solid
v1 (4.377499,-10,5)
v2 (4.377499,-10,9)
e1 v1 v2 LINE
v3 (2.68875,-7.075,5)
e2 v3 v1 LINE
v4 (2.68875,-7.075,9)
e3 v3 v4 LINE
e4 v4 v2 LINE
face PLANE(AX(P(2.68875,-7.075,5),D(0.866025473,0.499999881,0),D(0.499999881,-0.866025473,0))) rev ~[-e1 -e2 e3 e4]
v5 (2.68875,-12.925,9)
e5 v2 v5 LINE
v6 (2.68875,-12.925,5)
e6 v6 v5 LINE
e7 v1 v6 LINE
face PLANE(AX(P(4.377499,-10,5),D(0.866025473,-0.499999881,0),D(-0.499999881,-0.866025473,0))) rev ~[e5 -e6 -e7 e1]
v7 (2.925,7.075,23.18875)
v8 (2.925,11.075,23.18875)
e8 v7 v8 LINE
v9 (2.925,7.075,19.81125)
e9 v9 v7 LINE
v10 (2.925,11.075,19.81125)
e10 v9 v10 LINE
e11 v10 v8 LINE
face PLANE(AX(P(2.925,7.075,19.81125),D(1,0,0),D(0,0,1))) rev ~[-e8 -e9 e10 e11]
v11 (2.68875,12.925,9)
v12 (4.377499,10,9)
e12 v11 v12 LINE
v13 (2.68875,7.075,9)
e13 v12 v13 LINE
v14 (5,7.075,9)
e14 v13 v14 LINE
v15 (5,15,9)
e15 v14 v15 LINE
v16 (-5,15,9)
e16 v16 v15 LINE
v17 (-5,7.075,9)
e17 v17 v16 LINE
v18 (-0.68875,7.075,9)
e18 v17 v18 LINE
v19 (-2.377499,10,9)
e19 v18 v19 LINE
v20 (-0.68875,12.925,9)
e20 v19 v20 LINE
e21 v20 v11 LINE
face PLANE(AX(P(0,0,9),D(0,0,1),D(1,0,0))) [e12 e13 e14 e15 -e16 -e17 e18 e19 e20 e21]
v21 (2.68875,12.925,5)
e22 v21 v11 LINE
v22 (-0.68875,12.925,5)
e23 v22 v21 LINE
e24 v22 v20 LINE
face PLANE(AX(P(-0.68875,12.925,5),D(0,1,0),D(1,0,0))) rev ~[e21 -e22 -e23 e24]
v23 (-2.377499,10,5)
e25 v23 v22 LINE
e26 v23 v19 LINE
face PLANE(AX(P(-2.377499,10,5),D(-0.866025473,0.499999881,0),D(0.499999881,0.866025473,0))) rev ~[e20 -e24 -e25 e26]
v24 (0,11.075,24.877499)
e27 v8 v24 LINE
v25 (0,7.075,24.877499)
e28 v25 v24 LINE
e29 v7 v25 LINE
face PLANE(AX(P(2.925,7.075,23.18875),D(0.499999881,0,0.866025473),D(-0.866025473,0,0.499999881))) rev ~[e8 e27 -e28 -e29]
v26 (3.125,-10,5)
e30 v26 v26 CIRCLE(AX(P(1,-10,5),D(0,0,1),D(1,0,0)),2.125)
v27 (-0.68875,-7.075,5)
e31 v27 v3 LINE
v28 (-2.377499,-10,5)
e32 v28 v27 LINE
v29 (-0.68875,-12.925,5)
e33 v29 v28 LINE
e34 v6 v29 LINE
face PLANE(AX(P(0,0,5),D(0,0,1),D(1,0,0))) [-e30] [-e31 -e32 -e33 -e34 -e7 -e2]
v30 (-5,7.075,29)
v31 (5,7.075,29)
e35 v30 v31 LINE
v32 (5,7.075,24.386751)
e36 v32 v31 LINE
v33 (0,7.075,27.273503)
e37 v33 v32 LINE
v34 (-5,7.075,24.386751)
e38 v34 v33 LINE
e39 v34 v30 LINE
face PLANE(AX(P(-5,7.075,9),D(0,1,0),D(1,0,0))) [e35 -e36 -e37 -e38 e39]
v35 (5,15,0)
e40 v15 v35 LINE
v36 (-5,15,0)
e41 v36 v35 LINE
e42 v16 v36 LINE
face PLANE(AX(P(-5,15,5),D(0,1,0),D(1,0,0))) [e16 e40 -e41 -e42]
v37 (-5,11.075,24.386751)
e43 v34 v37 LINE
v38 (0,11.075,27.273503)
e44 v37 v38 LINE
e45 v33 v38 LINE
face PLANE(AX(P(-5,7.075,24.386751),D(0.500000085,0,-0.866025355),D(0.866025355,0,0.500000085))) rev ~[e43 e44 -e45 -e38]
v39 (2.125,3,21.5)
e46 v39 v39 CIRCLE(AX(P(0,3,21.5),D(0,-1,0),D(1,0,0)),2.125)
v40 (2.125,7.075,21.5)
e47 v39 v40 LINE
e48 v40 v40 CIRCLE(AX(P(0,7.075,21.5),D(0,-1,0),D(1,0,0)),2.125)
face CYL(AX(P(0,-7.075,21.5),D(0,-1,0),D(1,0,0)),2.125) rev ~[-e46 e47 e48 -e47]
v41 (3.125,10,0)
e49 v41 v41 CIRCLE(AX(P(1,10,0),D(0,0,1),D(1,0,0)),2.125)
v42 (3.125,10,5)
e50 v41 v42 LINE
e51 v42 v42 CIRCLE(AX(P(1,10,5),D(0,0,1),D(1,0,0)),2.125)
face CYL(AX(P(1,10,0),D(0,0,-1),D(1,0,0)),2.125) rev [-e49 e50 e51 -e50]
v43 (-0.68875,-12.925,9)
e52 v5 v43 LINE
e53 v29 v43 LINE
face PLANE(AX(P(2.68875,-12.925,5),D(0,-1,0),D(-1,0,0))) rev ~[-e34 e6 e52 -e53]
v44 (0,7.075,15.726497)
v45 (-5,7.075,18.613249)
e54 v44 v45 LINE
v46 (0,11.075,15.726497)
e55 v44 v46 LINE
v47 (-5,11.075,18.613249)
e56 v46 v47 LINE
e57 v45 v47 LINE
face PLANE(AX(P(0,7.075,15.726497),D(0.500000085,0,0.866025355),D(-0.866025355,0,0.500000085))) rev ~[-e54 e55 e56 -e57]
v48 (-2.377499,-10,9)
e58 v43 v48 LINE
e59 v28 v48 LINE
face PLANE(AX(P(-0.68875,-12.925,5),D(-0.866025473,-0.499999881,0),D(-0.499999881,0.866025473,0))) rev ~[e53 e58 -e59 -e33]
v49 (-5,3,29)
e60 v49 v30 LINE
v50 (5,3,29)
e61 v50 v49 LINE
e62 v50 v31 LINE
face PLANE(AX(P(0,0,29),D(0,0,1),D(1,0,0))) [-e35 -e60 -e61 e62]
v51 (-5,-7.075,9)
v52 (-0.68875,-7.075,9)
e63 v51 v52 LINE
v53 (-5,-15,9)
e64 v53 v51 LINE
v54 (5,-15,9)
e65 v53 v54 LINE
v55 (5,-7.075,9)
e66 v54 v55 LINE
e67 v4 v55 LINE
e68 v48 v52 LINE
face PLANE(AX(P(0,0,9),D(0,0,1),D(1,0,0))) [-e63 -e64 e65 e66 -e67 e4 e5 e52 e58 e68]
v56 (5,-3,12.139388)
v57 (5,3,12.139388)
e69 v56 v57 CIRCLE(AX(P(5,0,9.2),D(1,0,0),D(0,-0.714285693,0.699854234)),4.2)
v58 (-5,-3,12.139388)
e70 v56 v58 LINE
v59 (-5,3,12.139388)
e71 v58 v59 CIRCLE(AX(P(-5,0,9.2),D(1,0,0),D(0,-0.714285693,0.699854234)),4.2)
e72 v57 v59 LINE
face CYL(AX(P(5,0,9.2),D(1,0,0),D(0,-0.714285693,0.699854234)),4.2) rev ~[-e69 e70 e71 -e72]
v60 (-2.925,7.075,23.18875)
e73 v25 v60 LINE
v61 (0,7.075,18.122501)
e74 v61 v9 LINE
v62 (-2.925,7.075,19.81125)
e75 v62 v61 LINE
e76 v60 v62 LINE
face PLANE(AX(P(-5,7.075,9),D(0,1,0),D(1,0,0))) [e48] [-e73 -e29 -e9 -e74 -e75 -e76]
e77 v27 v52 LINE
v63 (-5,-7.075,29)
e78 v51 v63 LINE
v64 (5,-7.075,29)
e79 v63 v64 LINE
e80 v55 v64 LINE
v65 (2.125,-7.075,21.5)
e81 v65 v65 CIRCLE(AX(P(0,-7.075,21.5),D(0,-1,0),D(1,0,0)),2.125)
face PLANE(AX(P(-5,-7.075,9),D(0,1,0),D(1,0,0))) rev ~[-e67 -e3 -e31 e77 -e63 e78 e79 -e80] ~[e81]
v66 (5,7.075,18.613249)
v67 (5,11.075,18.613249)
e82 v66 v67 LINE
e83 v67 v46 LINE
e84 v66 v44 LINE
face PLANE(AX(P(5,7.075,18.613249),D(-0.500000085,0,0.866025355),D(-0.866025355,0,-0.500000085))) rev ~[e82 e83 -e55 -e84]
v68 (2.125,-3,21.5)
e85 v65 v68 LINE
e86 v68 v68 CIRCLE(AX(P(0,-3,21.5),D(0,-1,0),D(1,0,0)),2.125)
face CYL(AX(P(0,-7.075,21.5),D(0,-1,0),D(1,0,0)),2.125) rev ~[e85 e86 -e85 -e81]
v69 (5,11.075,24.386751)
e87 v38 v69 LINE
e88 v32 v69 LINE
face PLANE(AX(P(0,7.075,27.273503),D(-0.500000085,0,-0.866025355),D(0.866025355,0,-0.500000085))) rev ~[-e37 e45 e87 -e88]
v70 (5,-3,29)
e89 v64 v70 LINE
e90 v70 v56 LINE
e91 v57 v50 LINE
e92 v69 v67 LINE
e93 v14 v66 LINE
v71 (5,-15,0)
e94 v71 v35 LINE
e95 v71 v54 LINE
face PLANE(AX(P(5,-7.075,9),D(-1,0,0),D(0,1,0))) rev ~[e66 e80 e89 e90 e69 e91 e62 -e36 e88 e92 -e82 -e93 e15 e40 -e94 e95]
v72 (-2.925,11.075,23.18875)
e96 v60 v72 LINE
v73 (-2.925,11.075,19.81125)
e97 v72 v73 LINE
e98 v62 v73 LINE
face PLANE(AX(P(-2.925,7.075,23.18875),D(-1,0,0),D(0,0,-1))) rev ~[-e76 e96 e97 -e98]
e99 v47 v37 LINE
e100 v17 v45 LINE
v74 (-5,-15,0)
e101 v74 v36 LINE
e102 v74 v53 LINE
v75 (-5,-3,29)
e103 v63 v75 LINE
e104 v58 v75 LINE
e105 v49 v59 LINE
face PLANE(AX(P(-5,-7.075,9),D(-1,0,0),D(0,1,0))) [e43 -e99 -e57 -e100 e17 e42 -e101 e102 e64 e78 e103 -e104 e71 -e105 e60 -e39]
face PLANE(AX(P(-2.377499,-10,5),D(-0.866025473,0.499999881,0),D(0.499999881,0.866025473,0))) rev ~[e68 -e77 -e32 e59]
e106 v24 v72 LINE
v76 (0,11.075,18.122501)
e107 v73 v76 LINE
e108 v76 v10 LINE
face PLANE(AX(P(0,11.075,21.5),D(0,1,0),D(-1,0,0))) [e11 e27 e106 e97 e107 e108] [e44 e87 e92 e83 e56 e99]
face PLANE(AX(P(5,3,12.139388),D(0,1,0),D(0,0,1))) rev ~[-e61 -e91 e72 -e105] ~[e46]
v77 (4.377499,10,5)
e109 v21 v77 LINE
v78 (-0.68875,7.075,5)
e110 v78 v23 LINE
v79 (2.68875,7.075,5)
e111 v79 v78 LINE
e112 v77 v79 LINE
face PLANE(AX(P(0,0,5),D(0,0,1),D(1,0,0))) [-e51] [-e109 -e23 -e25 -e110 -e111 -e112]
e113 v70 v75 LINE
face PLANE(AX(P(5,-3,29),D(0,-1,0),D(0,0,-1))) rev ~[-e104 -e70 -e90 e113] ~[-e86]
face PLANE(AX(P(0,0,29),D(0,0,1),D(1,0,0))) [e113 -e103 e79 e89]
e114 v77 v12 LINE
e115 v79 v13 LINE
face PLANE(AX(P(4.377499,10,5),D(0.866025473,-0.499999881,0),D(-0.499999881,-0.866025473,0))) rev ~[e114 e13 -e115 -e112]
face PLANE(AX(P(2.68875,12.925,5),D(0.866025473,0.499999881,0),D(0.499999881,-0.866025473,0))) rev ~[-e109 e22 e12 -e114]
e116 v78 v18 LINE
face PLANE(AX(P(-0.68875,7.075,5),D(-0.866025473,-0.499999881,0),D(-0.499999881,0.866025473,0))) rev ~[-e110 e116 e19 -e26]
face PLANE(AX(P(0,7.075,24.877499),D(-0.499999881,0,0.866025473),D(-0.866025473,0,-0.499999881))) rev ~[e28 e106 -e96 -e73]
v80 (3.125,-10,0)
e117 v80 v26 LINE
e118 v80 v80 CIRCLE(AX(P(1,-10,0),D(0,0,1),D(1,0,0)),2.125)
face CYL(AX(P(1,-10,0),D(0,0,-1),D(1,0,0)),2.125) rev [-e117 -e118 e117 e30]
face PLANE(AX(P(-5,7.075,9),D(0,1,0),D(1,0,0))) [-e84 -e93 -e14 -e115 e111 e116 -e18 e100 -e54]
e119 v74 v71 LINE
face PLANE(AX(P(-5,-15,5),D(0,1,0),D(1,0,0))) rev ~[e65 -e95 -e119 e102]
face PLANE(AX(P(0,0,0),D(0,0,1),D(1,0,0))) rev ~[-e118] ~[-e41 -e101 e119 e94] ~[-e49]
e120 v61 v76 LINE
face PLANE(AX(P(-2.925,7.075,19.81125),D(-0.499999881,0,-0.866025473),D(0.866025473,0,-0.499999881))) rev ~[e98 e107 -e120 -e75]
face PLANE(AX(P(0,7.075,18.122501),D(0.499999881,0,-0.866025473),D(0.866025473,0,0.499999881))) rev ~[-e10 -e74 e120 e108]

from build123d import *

# Parameters (mm, degrees)
F0_W      = 10
F0_H      = 30
F0_R      = 2.125
F1_DEPTH  = 5
F2_W      = 10
F2_H      = 30
F3_DEPTH  = 4
F4_W      = 10
F4_H      = 14.15
F5_DEPTH  = 20
F7_DEPTH  = 10.001
F8_R      = 2.125
F9_DEPTH  = 22.076
F11_DEPTH = 4


with BuildPart() as f1:
    # F0 (on Top) → F1 (new body)
    with BuildSketch(Plane.XY):
        Rectangle(F0_W, F0_H)
        with Locations((1, -10)):
            Circle(F0_R, mode=Mode.SUBTRACT)
        with Locations((1, 10)):
            Circle(F0_R, mode=Mode.SUBTRACT)
    extrude(amount=F1_DEPTH)

    # F2 (on face) → F3 (join)
    with BuildSketch(Plane.XY.offset(5)):
        Rectangle(F2_W, F2_H)
        Polygon((-0.68875, -7.075), (2.68875, -7.075), (4.377499, -10), (2.68875, -12.925), (-0.68875, -12.925), (-2.377499, -10), align=None, mode=Mode.SUBTRACT)
        Polygon((4.377499, 10), (2.68875, 7.075), (-0.68875, 7.075), (-2.377499, 10), (-0.68875, 12.925), (2.68875, 12.925), align=None, mode=Mode.SUBTRACT)
    extrude(amount=F3_DEPTH)

    # F4 (on face) → F5 (join)
    with BuildSketch(Plane.XY.offset(9)):
        Rectangle(F4_W, F4_H)
    extrude(amount=F5_DEPTH)

    # F6 (on face) → F7 (cut, through all)
    with BuildSketch(Plane.YZ.offset(5)):
        with BuildLine():
            ThreePointArc((-3, 12.139388), (0, 5), (3, 12.139388))
            Line((3, 12.139388), (3, 29))
            Line((3, 29), (-3, 29))
            Line((-3, 29), (-3, 12.139388))
        make_face()
    extrude(amount=-F7_DEPTH, mode=Mode.SUBTRACT)

    # F8 (on face) → F9 (cut, through all)
    with BuildSketch(Plane.XZ.offset(7.075)):
        with Locations((0, 21.5)):
            Circle(F8_R)
    extrude(amount=-F9_DEPTH, mode=Mode.SUBTRACT)

    # F10 (on face) → F11 (join)
    with BuildSketch(Plane(origin=(0, 7.075, 0), x_dir=(-1, 0, 0), z_dir=(0, 1, 0))):
        Polygon((5, 18.613249), (5, 24.386751), (0, 27.273503), (-5, 24.386751), (-5, 18.613249), (0, 15.726497), align=None)
        Polygon((0, 24.877499), (2.925, 23.18875), (2.925, 19.81125), (0, 18.122501), (-2.925, 19.81125), (-2.925, 23.18875), align=None, mode=Mode.SUBTRACT)
    extrude(amount=F11_DEPTH)


solid = f1.part
